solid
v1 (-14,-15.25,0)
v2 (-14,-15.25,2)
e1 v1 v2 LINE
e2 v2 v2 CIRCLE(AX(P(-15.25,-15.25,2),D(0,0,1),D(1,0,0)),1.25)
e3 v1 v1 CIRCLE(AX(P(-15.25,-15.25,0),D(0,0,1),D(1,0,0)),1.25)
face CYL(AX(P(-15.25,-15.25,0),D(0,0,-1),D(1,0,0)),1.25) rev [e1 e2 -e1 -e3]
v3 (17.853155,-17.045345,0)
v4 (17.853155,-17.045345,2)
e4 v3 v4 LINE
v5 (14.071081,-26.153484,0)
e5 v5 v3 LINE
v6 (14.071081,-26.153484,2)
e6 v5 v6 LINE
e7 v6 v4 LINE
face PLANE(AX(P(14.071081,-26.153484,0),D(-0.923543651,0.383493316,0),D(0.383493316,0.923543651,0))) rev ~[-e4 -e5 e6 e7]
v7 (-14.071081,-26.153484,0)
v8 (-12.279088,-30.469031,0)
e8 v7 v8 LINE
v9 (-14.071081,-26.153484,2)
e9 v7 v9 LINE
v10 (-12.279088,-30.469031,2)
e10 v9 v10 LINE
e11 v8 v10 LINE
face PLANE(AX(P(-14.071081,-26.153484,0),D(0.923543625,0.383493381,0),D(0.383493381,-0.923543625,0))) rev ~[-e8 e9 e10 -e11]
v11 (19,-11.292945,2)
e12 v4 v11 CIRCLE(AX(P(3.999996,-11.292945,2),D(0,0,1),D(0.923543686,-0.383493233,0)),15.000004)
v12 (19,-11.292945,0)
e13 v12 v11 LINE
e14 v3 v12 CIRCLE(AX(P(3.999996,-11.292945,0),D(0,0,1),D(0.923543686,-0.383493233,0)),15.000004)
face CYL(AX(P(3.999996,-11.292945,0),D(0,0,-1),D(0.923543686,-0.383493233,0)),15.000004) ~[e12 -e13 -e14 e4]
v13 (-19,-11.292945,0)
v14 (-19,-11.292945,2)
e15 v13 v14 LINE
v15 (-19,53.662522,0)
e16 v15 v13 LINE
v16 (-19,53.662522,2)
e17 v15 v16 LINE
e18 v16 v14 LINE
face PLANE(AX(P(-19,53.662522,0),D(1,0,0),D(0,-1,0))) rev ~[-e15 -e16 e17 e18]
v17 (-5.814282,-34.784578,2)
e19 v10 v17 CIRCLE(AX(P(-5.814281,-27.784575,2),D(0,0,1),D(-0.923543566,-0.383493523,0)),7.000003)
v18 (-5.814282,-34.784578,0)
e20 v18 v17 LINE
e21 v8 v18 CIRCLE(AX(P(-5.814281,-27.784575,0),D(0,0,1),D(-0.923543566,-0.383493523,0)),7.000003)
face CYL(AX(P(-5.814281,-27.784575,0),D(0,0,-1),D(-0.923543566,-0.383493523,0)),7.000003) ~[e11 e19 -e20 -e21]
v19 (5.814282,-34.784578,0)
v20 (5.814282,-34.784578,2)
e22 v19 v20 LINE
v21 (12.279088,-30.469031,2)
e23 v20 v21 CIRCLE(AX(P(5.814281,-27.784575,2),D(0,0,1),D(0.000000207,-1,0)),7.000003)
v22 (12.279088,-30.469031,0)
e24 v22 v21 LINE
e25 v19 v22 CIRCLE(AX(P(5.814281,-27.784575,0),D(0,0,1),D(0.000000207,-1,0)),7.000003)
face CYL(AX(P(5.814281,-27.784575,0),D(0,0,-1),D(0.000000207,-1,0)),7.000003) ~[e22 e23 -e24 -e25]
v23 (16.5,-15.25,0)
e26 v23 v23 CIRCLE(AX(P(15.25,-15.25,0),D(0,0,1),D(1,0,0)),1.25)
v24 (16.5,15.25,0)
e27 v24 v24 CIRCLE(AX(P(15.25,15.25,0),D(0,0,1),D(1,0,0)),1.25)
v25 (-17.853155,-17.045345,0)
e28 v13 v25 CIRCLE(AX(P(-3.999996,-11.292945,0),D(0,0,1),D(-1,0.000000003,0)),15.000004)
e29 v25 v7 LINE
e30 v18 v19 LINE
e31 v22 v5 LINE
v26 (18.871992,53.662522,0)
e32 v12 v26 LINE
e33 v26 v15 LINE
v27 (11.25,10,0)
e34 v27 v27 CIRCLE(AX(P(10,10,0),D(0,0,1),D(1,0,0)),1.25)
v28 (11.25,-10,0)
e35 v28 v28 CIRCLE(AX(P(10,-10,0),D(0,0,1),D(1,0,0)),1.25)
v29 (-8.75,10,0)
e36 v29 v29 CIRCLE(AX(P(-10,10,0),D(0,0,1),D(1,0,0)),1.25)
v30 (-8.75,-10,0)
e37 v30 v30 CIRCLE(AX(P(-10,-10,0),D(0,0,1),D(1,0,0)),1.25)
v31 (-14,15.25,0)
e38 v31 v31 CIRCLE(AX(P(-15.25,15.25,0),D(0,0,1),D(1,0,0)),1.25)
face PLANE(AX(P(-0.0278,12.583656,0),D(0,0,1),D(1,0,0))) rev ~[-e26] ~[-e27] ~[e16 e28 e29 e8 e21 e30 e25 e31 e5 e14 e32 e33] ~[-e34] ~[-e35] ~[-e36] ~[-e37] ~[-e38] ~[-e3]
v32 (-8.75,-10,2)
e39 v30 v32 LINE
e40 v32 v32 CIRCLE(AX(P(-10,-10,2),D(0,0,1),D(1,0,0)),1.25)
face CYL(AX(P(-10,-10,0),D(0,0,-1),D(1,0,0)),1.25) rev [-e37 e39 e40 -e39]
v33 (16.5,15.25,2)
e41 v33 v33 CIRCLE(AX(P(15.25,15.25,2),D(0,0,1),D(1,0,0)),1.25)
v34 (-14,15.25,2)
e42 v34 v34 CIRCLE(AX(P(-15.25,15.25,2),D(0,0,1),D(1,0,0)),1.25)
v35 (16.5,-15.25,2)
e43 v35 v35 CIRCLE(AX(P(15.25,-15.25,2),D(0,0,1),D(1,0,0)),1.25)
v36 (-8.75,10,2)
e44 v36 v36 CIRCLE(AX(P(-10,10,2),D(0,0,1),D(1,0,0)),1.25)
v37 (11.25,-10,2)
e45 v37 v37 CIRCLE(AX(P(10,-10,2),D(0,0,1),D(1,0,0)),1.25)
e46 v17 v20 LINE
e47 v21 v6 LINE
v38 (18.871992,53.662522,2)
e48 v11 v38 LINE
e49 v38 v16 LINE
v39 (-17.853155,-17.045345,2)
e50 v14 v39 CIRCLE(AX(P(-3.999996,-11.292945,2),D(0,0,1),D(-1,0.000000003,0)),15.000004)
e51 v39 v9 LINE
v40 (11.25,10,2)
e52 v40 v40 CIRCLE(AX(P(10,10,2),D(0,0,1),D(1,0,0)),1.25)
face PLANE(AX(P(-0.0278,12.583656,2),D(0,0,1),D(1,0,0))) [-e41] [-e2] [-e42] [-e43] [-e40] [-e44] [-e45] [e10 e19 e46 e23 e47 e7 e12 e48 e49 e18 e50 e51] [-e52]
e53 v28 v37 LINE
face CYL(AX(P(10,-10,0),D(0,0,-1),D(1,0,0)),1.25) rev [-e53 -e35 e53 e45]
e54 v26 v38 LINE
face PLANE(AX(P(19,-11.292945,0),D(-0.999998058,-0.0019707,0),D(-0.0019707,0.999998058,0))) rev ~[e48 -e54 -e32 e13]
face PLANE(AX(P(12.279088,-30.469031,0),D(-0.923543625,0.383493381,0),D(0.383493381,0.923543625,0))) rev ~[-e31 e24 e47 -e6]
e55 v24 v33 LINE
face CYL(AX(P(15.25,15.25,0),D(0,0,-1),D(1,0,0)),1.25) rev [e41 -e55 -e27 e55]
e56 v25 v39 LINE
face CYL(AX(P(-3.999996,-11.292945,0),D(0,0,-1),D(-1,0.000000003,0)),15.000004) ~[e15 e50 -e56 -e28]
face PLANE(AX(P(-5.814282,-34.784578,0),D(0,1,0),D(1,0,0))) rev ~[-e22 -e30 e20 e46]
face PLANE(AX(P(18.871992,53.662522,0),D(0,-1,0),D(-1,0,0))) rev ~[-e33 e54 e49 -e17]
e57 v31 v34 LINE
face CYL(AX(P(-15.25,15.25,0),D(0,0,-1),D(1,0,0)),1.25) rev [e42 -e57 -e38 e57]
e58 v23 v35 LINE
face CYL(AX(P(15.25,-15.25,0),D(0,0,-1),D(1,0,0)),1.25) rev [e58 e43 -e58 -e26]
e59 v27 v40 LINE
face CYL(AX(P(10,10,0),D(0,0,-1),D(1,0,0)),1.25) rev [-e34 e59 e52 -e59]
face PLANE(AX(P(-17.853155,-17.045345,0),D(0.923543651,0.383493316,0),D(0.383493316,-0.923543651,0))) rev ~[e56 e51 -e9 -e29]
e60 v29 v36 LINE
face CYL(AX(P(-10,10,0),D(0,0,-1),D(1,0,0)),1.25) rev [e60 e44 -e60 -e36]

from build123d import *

# Parameters (mm, degrees)
F0_R     = 1.25
F1_DEPTH = 2


with BuildPart() as f1:
    # F0 (on Top) → F1 (new body)
    with BuildSketch(Plane.XY):
        with BuildLine():
            Line((18.871992, 53.662522), (-19, 53.662522))
            Line((-19, 53.662522), (-19, -11.292945))
            ThreePointArc((-19, -11.292945), (-18.710495, -14.225749), (-17.853155, -17.045345))
            Line((-17.853155, -17.045345), (-14.071081, -26.153484))
            Line((-14.071081, -26.153484), (-12.279088, -30.469031))
            ThreePointArc((-12.279088, -30.469031), (-9.700722, -33.606569), (-5.814282, -34.784578))
            Line((-5.814282, -34.784578), (5.814282, -34.784578))
            ThreePointArc((5.814282, -34.784578), (9.700722, -33.606569), (12.279088, -30.469031))
            Line((12.279088, -30.469031), (14.071081, -26.153484))
            Line((14.071081, -26.153484), (17.853155, -17.045345))
            ThreePointArc((17.853155, -17.045345), (18.710495, -14.225749), (19, -11.292945))
            Line((19, -11.292945), (18.871992, 53.662522))
        make_face()
        with Locations((-15.25, -15.25)):
            Circle(F0_R, mode=Mode.SUBTRACT)
        with Locations((-10, -10)):
            Circle(F0_R, mode=Mode.SUBTRACT)
        with Locations((15.25, -15.25)):
            Circle(F0_R, mode=Mode.SUBTRACT)
        with Locations((10, -10)):
            Circle(F0_R, mode=Mode.SUBTRACT)
        with Locations((-15.25, 15.25)):
            Circle(F0_R, mode=Mode.SUBTRACT)
        with Locations((-10, 10)):
            Circle(F0_R, mode=Mode.SUBTRACT)
        with Locations((10, 10)):
            Circle(F0_R, mode=Mode.SUBTRACT)
        with Locations((15.25, 15.25)):
            Circle(F0_R, mode=Mode.SUBTRACT)
    extrude(amount=F1_DEPTH)


solid = f1.part
